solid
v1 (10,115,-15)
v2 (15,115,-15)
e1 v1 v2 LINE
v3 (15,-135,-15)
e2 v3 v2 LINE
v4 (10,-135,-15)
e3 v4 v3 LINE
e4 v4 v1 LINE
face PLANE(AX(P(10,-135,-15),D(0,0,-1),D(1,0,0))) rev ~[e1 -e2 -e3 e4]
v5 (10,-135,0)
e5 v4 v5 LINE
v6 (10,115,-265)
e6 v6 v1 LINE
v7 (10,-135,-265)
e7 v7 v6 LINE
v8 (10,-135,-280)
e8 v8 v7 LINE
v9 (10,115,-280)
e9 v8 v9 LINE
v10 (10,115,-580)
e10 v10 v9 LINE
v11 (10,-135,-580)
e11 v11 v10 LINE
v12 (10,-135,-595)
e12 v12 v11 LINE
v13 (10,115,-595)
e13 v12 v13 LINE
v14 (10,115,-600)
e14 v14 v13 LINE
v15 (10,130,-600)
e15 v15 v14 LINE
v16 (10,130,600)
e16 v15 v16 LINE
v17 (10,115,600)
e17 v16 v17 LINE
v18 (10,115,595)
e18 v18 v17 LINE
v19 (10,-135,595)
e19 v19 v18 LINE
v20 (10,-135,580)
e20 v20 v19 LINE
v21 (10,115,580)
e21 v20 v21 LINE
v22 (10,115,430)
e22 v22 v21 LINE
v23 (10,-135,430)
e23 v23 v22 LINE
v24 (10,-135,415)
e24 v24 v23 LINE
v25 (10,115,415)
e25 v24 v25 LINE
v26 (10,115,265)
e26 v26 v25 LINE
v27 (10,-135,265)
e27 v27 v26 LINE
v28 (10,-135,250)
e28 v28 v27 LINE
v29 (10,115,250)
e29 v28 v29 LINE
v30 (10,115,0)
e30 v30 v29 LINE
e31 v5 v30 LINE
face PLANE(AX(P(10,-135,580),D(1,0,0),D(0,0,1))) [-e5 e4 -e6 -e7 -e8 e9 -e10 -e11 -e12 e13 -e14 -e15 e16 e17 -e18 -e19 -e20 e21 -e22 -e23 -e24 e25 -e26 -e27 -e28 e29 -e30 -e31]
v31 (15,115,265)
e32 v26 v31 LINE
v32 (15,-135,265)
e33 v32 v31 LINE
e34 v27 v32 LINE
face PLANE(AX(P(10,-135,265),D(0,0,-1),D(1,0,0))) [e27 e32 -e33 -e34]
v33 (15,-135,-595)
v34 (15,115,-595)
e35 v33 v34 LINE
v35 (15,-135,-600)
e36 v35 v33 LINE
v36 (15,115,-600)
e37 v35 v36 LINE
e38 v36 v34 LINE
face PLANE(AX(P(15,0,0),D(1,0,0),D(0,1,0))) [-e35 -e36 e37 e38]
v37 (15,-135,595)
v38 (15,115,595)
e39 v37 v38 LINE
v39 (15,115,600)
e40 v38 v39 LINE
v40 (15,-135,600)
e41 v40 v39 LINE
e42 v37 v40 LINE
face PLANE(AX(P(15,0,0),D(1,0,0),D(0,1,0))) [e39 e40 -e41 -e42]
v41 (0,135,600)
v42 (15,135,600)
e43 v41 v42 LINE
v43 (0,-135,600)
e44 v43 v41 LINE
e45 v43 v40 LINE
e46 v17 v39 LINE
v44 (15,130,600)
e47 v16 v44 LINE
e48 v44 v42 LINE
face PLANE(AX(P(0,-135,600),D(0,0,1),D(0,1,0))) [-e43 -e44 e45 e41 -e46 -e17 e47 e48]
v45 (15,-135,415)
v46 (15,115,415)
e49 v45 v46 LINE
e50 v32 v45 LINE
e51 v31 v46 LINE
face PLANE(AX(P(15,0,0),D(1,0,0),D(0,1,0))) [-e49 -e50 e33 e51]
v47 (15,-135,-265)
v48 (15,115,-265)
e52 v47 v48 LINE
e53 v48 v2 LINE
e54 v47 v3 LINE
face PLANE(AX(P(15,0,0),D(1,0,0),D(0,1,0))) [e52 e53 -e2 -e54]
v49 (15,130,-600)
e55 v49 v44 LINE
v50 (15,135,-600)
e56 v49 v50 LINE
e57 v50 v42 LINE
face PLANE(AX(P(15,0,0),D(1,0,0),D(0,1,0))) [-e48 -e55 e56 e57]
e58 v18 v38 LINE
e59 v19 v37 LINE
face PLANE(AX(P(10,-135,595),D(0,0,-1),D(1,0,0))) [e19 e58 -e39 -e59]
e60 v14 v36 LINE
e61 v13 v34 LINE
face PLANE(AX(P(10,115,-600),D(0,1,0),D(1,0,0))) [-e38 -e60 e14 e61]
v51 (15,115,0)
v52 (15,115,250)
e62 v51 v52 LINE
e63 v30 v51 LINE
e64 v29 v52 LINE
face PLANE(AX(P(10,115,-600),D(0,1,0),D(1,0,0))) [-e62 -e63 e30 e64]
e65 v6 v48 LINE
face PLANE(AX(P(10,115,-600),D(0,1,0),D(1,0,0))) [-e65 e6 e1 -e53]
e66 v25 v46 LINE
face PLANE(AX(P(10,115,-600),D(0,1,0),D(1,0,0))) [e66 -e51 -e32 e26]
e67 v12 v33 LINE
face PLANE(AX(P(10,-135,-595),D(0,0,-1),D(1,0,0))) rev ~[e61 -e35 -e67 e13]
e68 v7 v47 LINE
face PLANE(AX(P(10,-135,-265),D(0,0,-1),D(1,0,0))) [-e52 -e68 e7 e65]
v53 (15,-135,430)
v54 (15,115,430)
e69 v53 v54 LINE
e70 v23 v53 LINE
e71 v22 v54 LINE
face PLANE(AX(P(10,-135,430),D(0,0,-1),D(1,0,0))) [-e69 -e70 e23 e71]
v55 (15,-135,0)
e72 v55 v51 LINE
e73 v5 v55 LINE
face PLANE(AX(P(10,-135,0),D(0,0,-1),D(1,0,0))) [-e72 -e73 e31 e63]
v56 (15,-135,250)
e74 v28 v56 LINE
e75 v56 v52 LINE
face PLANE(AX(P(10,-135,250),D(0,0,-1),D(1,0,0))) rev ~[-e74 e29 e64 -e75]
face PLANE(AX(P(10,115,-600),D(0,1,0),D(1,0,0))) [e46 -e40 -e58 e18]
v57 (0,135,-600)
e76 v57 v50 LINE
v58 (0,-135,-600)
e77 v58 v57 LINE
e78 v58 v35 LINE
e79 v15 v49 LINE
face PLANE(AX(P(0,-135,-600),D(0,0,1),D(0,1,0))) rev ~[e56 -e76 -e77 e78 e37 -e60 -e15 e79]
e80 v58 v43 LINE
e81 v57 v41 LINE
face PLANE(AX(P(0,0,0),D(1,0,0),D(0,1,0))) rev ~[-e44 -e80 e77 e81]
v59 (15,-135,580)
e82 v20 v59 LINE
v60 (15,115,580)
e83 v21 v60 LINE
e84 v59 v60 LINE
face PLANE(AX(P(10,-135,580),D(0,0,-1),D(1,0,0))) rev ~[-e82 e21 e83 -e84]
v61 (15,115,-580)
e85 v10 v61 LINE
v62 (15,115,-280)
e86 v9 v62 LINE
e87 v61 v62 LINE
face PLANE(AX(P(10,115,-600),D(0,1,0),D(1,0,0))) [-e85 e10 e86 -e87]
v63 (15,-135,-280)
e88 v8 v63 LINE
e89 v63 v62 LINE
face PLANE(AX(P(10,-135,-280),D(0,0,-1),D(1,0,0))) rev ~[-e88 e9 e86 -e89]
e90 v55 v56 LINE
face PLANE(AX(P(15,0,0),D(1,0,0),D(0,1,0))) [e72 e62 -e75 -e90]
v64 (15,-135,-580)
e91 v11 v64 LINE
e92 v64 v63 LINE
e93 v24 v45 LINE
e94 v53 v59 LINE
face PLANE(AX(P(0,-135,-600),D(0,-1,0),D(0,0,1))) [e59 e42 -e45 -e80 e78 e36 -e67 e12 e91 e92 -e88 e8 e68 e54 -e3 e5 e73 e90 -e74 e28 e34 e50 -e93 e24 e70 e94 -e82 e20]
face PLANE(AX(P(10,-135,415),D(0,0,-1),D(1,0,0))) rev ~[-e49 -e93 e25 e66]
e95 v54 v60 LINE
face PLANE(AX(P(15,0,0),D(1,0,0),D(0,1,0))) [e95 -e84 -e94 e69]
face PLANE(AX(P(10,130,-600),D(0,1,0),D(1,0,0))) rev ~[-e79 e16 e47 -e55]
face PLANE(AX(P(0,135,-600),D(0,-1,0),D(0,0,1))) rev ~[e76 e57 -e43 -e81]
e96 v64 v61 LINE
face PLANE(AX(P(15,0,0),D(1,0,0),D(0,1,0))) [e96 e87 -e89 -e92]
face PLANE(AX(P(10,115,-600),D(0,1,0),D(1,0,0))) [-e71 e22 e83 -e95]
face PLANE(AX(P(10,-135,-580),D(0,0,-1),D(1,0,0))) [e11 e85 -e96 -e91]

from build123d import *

# Parameters (mm, degrees)
F0_W     = 270
F0_H     = 1200
F1_DEPTH = 15
F2_W     = 5
F2_H     = 15
F3_DEPTH = 1200
F4_W     = 5
F4_H     = 15
F5_DEPTH = 250


with BuildPart() as f1:
    # F0 (on Right) → F1 (new body)
    with BuildSketch(Plane.YZ):
        Rectangle(F0_W, F0_H)
    extrude(amount=F1_DEPTH)

    # F2 (on face) → F3 (cut, through all)
    with BuildSketch(Plane(origin=(0, 0, -600), x_dir=(1, 0, 0), z_dir=(0, 0, -1))):
        with Locations((12.5, -122.5)):
            Rectangle(F2_W, F2_H)
    extrude(amount=-F3_DEPTH, mode=Mode.SUBTRACT)

    # F4 (on face) → F5 (cut, through all)
    with BuildSketch(Plane.XZ.offset(135)):
        with Locations((12.5, -587.5)):
            Rectangle(F4_W, F4_H)
        with Locations((12.5, -272.5)):
            Rectangle(F4_W, F4_H)
        with Locations((12.5, -7.5)):
            Rectangle(F4_W, F4_H)
        with Locations((12.5, 257.5)):
            Rectangle(F4_W, F4_H)
        with Locations((12.5, 422.5)):
            Rectangle(F4_W, F4_H)
        with Locations((12.5, 587.5)):
            Rectangle(F4_W, F4_H)
    extrude(amount=-F5_DEPTH, mode=Mode.SUBTRACT)


solid = f1.part
